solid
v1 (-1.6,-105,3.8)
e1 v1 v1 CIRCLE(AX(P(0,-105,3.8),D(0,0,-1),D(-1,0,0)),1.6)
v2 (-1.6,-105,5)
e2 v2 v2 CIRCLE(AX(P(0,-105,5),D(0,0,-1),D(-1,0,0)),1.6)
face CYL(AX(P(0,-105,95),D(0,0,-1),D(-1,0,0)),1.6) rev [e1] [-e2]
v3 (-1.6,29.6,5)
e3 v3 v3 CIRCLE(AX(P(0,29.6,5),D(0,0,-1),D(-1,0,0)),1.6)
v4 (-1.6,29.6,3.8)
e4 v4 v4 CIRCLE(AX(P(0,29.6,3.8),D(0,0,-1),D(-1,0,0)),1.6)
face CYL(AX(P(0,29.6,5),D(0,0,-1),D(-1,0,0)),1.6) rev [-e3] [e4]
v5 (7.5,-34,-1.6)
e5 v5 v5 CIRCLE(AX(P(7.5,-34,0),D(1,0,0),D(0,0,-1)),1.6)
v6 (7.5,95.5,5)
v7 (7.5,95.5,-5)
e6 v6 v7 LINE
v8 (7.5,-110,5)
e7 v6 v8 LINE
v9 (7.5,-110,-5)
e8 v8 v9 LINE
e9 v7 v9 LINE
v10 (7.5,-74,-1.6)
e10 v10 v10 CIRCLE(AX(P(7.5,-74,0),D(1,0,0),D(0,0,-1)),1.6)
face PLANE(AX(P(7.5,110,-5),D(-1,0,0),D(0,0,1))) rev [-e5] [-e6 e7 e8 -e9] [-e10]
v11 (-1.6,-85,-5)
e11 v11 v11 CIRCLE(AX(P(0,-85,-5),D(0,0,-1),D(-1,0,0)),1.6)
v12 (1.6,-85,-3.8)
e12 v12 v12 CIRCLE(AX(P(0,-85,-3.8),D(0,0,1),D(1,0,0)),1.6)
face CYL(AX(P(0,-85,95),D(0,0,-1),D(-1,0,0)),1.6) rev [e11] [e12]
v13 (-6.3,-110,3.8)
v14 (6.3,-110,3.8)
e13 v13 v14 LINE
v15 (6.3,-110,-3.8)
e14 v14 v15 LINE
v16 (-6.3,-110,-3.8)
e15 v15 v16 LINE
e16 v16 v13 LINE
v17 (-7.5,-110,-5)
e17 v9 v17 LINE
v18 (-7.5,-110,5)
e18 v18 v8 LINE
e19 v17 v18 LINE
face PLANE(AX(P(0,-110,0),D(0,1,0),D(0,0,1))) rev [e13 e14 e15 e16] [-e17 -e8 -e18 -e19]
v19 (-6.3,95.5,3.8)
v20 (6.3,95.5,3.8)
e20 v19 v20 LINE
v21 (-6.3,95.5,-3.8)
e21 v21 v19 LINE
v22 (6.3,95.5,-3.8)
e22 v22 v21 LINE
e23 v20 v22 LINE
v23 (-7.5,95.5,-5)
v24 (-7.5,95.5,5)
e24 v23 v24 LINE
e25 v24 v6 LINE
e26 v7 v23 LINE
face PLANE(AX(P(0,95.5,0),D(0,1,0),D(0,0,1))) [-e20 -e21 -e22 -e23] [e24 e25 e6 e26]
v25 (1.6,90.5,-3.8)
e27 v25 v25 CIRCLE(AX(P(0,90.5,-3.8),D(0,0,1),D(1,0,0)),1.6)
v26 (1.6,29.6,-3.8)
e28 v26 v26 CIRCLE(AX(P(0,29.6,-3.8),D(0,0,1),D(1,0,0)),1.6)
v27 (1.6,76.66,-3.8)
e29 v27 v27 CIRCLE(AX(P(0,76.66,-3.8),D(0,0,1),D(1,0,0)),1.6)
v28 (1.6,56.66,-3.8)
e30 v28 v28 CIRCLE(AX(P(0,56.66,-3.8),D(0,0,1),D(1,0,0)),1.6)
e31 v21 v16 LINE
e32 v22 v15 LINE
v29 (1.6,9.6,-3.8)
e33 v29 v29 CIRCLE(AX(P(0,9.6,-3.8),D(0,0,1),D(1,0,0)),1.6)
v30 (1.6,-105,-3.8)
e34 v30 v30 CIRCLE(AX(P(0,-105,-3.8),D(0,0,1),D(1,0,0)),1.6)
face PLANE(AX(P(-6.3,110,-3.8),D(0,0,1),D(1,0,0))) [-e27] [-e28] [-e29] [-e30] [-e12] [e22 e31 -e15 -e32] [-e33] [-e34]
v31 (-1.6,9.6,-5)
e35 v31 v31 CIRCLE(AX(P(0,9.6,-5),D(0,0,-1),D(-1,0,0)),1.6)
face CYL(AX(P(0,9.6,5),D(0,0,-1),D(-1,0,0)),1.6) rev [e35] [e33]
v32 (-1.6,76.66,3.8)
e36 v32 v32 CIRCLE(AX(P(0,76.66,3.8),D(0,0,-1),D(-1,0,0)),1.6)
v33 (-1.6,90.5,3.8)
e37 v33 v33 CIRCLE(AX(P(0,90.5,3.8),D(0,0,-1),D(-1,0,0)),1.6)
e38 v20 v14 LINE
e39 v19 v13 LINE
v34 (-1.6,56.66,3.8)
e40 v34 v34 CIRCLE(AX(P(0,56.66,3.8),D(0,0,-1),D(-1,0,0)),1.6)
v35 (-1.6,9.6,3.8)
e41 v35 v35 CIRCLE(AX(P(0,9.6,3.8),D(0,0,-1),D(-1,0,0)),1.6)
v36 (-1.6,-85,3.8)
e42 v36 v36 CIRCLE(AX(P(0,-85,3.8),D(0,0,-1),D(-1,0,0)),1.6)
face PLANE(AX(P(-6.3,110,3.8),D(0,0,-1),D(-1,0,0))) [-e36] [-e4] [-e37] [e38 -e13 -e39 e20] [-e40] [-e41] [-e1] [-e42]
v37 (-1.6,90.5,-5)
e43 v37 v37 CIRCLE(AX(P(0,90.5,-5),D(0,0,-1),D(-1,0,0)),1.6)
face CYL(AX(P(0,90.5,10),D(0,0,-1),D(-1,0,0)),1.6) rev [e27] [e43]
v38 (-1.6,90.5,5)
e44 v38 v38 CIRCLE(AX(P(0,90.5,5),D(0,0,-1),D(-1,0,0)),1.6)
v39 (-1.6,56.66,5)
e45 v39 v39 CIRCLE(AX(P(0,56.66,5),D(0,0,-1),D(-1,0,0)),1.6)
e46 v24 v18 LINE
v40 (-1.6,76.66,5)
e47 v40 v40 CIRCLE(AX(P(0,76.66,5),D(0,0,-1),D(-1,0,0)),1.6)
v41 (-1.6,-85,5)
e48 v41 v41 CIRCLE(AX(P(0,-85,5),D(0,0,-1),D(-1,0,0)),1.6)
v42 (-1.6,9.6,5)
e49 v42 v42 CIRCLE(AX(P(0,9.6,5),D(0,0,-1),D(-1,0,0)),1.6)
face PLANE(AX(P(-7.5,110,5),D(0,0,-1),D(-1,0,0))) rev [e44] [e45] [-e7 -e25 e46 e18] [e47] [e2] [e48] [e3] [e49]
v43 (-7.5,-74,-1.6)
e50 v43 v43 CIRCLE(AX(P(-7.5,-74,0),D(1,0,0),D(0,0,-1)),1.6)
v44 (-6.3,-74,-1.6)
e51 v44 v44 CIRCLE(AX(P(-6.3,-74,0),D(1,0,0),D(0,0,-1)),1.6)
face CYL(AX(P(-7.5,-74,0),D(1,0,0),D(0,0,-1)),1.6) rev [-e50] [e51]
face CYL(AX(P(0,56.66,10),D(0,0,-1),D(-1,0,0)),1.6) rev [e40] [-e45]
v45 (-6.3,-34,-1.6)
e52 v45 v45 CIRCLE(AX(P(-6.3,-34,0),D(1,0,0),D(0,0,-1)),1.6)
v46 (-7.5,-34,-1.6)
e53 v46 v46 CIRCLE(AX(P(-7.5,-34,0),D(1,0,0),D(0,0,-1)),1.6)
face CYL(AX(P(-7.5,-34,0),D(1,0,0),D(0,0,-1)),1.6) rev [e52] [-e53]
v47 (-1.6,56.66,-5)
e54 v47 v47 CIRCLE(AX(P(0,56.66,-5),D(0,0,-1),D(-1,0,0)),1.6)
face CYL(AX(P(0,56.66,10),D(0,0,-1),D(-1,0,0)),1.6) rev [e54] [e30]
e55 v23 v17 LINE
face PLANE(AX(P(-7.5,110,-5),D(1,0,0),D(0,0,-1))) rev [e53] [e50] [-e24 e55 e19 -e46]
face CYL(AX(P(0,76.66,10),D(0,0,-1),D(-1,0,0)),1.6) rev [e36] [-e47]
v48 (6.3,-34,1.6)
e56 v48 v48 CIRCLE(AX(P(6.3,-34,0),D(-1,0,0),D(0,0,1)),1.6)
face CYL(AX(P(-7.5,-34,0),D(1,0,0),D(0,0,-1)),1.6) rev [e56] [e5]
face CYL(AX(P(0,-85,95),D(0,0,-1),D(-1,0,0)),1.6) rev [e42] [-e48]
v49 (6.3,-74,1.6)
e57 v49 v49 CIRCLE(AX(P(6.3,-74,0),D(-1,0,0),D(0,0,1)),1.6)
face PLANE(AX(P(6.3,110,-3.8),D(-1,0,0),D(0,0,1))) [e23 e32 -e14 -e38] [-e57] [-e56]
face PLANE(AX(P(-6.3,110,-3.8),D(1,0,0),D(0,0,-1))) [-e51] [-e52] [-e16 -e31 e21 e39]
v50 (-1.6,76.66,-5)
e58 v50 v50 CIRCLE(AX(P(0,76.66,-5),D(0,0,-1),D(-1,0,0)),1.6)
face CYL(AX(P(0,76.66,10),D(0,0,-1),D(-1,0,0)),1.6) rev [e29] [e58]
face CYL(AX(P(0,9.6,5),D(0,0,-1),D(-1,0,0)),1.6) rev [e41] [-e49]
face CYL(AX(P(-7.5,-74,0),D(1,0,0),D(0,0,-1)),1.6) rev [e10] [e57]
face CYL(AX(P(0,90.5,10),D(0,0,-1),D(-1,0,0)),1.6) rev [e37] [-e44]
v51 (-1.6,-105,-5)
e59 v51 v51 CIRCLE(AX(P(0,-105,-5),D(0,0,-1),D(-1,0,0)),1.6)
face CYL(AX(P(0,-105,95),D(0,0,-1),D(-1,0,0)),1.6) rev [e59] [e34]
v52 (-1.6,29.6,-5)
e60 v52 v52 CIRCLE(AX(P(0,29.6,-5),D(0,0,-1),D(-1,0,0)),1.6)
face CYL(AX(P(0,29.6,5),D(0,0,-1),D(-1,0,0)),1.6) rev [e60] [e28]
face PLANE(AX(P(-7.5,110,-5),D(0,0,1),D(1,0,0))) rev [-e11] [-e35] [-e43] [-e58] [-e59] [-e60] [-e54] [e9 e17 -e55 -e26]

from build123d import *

# Parameters (mm, degrees)
SKETCH_1_W          = 15
SKETCH_1_H          = 10
SKETCH_1_W_2        = 12.6
SKETCH_1_H_2        = 7.6
EXTRUDE_1_DEPTH     = 110
SKETCH_2_R          = 1.6
CUT_EXTRUDE_1_DEPTH = 100
SKETCH_3_R          = 1.6
CUT_EXTRUDE_2_DEPTH = 15
SKETCH_5_W          = 15
SKETCH_5_H          = 10
CUT_EXTRUDE_4_DEPTH = 14.5
SKETCH_6_R          = 1.6
CUT_EXTRUDE_5_DEPTH = 15
SKETCH_7_R          = 1.6
CUT_EXTRUDE_6_DEPTH = 10


with BuildPart() as part:
    # ｽｹｯﾁ1 → ﾎﾞｽ - 押し出し1 (new, symmetric)
    with BuildSketch(Plane(origin=(0, 0, 0), x_dir=(1, 0, 0), z_dir=(0, 1, 0))):
        Rectangle(SKETCH_1_W, SKETCH_1_H)
        Rectangle(SKETCH_1_W_2, SKETCH_1_H_2, mode=Mode.SUBTRACT)
    extrude(amount=EXTRUDE_1_DEPTH, both=True)

    # ｽｹｯﾁ2 → ｶｯﾄ - 押し出し1 (cut)
    with BuildSketch(Plane(origin=(0, 0, -5), x_dir=(-1, 0, 0), z_dir=(0, 0, -1))):
        with Locations((0, -85)):
            Circle(SKETCH_2_R)
        with Locations((0, -105)):
            Circle(SKETCH_2_R)
    extrude(amount=-CUT_EXTRUDE_1_DEPTH, mode=Mode.SUBTRACT)

    # ｽｹｯﾁ3 → ｶｯﾄ - 押し出し2 (cut)
    with BuildSketch(Plane(origin=(7.5, 0, 0), x_dir=(0, 0, -1), z_dir=(1, 0, 0))):
        with Locations((0, -34)):
            Circle(SKETCH_3_R)
        with Locations((0, -74)):
            Circle(SKETCH_3_R)
    extrude(amount=-CUT_EXTRUDE_2_DEPTH, mode=Mode.SUBTRACT)

    # ｽｹｯﾁ5 → ｶｯﾄ - 押し出し4 (cut)
    with BuildSketch(Plane(origin=(0, 110, 0), x_dir=(1, 0, 0), z_dir=(0, 1, 0))):
        Rectangle(SKETCH_5_W, SKETCH_5_H)
    extrude(amount=-CUT_EXTRUDE_4_DEPTH, mode=Mode.SUBTRACT)

    # ｽｹｯﾁ6 → ｶｯﾄ - 押し出し5 (cut)
    with BuildSketch(Plane(origin=(0, 0, -5), x_dir=(-1, 0, 0), z_dir=(0, 0, -1))):
        with Locations((0, 90.5)):
            Circle(SKETCH_6_R)
        with Locations((0, 76.66)):
            Circle(SKETCH_6_R)
        with Locations((0, 56.66)):
            Circle(SKETCH_6_R)
    extrude(amount=-CUT_EXTRUDE_5_DEPTH, mode=Mode.SUBTRACT)

    # ｽｹｯﾁ7 → ｶｯﾄ - 押し出し6 (cut)
    with BuildSketch(Plane(origin=(0, 0, -5), x_dir=(-1, 0, 0), z_dir=(0, 0, -1))):
        with Locations((0, 9.6)):
            Circle(SKETCH_7_R)
        with Locations((0, 29.6)):
            Circle(SKETCH_7_R)
    extrude(amount=-CUT_EXTRUDE_6_DEPTH, mode=Mode.SUBTRACT)


solid = part.part
